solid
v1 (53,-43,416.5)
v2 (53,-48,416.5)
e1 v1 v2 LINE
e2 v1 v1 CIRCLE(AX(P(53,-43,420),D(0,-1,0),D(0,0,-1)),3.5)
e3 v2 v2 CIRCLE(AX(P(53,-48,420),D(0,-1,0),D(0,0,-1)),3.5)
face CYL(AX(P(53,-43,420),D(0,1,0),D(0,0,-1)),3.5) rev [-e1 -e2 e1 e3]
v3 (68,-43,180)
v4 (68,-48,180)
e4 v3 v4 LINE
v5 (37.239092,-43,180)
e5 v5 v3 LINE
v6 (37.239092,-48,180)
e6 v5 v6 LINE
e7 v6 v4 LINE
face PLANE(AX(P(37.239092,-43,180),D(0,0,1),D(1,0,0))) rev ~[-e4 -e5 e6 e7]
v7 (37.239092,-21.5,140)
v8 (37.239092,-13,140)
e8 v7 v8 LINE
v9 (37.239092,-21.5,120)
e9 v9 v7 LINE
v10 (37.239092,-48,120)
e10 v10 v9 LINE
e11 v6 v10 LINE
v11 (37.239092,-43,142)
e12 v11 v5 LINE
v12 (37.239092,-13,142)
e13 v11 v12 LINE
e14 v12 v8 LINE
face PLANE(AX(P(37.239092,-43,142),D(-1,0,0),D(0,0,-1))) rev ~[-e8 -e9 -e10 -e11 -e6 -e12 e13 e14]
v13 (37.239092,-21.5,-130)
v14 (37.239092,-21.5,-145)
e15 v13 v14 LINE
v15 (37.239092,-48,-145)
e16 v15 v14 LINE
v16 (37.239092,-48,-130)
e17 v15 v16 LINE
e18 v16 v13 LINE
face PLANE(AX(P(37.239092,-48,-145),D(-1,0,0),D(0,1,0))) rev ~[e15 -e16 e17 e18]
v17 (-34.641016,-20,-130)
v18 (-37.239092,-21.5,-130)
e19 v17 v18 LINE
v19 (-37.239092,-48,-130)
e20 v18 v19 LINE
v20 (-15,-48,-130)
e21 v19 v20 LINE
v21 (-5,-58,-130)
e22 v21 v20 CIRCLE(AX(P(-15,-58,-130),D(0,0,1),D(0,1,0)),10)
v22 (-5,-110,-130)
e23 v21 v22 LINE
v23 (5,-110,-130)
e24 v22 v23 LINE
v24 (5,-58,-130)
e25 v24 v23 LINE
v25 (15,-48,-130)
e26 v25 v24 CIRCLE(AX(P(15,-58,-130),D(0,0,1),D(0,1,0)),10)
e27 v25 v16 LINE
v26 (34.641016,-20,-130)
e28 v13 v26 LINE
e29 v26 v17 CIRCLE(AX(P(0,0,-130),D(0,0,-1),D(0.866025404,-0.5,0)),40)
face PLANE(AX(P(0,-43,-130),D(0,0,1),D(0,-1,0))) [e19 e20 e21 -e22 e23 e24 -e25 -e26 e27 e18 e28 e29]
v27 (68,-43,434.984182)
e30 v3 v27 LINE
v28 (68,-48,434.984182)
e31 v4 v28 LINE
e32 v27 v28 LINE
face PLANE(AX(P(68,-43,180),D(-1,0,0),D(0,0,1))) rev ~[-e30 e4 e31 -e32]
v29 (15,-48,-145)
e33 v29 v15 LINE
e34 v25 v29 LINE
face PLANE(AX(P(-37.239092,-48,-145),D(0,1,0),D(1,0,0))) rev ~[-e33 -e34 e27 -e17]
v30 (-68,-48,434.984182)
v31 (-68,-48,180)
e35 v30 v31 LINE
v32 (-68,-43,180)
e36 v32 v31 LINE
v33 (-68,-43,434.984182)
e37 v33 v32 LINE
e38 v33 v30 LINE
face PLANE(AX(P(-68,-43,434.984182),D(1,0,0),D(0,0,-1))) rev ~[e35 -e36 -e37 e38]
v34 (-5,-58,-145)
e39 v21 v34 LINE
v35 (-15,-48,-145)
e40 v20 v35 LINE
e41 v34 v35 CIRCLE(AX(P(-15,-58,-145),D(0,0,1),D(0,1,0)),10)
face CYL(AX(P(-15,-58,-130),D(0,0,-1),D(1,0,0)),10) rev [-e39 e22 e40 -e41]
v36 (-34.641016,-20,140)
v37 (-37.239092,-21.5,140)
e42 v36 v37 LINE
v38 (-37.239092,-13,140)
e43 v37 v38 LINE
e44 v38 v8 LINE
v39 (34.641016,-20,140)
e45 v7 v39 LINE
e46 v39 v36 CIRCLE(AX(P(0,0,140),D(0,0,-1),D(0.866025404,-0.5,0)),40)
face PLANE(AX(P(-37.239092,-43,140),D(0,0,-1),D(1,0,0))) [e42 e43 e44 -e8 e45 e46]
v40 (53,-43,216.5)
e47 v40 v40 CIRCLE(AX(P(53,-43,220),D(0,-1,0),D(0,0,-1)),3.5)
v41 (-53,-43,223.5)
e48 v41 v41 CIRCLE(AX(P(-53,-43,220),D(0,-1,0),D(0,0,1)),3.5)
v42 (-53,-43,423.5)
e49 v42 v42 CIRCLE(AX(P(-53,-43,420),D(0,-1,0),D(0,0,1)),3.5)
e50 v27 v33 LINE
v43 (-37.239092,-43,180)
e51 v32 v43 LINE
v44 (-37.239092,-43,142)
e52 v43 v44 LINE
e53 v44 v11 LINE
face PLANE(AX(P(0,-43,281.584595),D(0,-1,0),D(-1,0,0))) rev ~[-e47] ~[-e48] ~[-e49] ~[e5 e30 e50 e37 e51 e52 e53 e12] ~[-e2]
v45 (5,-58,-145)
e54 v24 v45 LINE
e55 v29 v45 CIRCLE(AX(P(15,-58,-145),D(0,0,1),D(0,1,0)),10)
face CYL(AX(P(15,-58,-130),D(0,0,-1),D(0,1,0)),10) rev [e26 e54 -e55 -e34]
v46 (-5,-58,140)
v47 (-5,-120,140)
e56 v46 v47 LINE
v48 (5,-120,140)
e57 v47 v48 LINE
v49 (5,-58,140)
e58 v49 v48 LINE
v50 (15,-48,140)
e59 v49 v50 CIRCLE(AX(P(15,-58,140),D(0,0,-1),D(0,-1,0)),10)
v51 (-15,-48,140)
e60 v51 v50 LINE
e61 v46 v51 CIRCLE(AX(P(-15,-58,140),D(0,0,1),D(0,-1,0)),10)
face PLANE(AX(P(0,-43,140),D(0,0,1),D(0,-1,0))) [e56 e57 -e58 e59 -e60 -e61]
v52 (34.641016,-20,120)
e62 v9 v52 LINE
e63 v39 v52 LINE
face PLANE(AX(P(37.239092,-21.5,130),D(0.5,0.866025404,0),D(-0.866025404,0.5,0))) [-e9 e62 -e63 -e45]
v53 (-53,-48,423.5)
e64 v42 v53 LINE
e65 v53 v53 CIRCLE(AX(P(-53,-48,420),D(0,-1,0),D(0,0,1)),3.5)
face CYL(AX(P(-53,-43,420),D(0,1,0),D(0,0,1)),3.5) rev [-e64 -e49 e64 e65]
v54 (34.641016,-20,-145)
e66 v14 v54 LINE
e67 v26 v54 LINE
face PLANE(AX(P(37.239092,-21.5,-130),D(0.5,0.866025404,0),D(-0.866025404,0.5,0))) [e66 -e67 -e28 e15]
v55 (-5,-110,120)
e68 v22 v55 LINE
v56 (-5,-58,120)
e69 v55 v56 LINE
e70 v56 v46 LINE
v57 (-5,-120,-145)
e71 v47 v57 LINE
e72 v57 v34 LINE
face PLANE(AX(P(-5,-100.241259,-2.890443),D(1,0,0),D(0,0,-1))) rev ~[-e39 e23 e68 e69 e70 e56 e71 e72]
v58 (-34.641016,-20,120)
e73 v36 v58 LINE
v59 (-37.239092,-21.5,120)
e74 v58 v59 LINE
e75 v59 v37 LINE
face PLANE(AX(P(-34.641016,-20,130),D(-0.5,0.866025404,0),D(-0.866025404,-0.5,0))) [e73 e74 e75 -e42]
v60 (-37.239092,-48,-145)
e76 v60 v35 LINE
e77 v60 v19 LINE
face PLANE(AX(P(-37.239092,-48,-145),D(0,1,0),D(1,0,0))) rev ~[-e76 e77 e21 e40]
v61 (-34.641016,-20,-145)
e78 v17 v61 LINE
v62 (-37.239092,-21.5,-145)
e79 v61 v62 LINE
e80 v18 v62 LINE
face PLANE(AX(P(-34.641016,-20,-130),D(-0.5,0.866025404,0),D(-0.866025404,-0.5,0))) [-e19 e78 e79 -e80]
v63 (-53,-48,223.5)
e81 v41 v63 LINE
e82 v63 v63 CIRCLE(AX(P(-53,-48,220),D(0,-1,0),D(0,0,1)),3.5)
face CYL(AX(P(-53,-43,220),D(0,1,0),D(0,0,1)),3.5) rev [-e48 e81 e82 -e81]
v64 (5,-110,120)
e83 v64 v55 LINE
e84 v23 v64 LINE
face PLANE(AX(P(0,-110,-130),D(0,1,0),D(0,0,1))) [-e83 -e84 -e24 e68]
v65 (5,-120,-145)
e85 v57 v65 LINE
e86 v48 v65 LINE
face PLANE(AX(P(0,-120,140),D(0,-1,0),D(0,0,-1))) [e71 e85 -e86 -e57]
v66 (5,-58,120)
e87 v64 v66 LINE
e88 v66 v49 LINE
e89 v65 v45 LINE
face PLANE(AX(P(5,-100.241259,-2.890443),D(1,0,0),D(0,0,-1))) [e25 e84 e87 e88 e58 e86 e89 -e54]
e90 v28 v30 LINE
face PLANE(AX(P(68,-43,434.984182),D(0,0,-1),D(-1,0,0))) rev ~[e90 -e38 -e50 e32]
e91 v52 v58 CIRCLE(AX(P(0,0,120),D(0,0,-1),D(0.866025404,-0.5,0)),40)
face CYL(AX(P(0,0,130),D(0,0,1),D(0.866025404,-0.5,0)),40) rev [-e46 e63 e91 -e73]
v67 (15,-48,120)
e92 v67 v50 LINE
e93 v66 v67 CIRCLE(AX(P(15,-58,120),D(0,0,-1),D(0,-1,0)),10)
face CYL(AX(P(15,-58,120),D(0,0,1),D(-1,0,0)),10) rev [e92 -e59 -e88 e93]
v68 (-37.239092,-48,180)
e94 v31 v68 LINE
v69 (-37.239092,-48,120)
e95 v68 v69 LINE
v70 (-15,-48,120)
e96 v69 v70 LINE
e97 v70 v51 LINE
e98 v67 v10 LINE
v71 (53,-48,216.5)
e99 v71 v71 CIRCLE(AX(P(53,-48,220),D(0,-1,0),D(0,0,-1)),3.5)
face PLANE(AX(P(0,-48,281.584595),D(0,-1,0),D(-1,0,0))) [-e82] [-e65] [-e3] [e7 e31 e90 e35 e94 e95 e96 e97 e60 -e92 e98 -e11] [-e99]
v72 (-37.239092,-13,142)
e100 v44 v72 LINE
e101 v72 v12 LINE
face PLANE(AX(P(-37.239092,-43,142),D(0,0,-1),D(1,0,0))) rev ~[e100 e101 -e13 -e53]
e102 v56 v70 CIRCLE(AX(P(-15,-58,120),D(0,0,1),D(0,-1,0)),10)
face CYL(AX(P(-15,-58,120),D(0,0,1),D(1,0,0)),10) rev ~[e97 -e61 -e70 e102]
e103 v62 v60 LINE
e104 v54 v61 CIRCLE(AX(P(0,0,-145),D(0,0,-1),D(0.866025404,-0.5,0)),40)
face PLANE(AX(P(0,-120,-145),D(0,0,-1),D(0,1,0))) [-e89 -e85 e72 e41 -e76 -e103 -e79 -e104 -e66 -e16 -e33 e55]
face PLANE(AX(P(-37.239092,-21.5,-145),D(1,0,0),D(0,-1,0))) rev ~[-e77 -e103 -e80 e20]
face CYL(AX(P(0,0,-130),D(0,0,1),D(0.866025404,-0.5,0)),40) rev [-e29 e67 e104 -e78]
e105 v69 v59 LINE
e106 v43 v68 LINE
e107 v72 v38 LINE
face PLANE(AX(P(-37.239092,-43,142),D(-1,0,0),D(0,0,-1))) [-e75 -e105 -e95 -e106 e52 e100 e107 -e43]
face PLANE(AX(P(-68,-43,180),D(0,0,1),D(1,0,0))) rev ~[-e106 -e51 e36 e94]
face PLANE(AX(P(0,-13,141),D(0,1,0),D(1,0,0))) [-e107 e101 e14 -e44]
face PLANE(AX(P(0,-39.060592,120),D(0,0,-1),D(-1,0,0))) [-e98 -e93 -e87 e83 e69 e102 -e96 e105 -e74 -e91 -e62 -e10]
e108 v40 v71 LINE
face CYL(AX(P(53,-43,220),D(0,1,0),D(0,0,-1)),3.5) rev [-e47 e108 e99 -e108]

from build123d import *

# Parameters (mm, degrees)
EXTRUDE_START    = 130
EXTRUDE_1_DEPTH  = 10
EXTRUDE_START_2  = -130
EXTRUDE_2_DEPTH  = 15
SKETCH_2_R       = 3.5
EXTRUDE_5_DEPTH  = 5
EXTRUDE_START_3  = -20
EXTRUDE_11_DEPTH = 20
EXTRUDE_15_DEPTH = 15
EXTRUDE_16_DEPTH = 5
FILLET_1_R       = 10
SKETCH_9_W       = 74.478184726
SKETCH_9_H       = 2
EXTRUDE_17_DEPTH = 30


with BuildPart() as part:
    # 草图1 → 凸台-拉伸1 (new, symmetric)
    with BuildSketch(Plane.XY.offset(EXTRUDE_START)):
        with BuildLine():
            Line((-34.641016151, -20), (-37.239092363, -21.5))
            ThreePointArc((-37.239092363, -21.5), (0, -43), (37.239092363, -21.5))
            Line((37.239092363, -21.5), (34.641016151, -20))
            ThreePointArc((34.641016151, -20), (0, -40), (-34.641016151, -20))
        make_face()
    extrude(amount=EXTRUDE_1_DEPTH, both=True)



with BuildPart() as body_2:
    # 草图1<2> → 凸台-拉伸2 (new body)
    with BuildSketch(Plane.XY.offset(EXTRUDE_START_2)):
        with BuildLine():
            Line((-34.641016151, -20), (-37.239092363, -21.5))
            ThreePointArc((-37.239092363, -21.5), (0, -43), (37.239092363, -21.5))
            Line((37.239092363, -21.5), (34.641016151, -20))
            ThreePointArc((34.641016151, -20), (0, -40), (-34.641016151, -20))
        make_face()
    extrude(amount=-EXTRUDE_2_DEPTH)

    # 草图7 → 凸台-拉伸15 (add)
    with BuildSketch(Plane(origin=(0, 0, -145), x_dir=(-1, 0, 0), z_dir=(0, 0, -1))):
        with BuildLine():
            Line((37.239092363, -21.5), (37.239092363, -48))
            Line((37.239092363, -48), (-37.239092363, -48))
            Line((-37.239092363, -48), (-37.239092363, -21.5))
            ThreePointArc((-37.239092363, -21.5), (0, -43), (37.239092363, -21.5))
        make_face()
    extrude(amount=-EXTRUDE_15_DEPTH)


with BuildPart() as body_3:
    # 草图2 → 凸台-拉伸5 (new body)
    with BuildSketch(Plane(origin=(0, -43, 0), x_dir=(-1, 0, 0), z_dir=(0, -1, 0))):
        Polygon((-37.239092363, -180), (-68, -180), (-68, -434.984182396), (68, -434.984182396), (68, -180), (37.239092363, -180), (37.239092363, -120), (-37.239092363, -120), align=None)
        with Locations(Location((-53, -220, 0), (0, 0, 90))):
            Circle(SKETCH_2_R, mode=Mode.SUBTRACT)
        with Locations(Location((-53, -420, 0), (0, 0, 90))):
            Circle(SKETCH_2_R, mode=Mode.SUBTRACT)
        with Locations(Location((53, -420, 0), (0, 0, 270))):
            Circle(SKETCH_2_R, mode=Mode.SUBTRACT)
        with Locations(Location((53, -220, 0), (0, 0, 270))):
            Circle(SKETCH_2_R, mode=Mode.SUBTRACT)
    extrude(amount=EXTRUDE_5_DEPTH)


with BuildPart() as part_1:
    add(part.part)

    add(body_3.part)  # 凸台-拉伸11 merges body 3
    # 草图5 → 凸台-拉伸11 (add)
    with BuildSketch(Plane(origin=(0, 0, 120), x_dir=(-1, 0, 0), z_dir=(0, 0, -1)).offset(EXTRUDE_START_3)):
        with BuildLine():
            Line((-37.239092363, -21.5), (-37.239092363, -48))
            Line((-37.239092363, -48), (37.239092363, -48))
            Line((37.239092363, -48), (37.239092363, -21.5))
            ThreePointArc((37.239092363, -21.5), (0, -43), (-37.239092363, -21.5))
        make_face()
    extrude(amount=EXTRUDE_11_DEPTH)


    add(body_2.part)  # 凸台-拉伸16 merges body 2
    # 草图8 → 凸台-拉伸16 (add, symmetric)
    with BuildSketch(Plane(origin=(0, 0, 0), x_dir=(0, 0, -1), z_dir=(1, 0, 0))):
        Polygon((-140, -43), (-140, -120), (145, -120), (145, -43), (130, -43), (130, -48), (130, -110), (-120, -110), (-120, -48), (-120, -43), align=None)
    extrude(amount=EXTRUDE_16_DEPTH, both=True)

    # 圆角1
    fillet_1_edges = [part_1.edges().sort_by_distance(p)[0] for p in [
        (-5, -48, 130),
        (5, -48, 130),
        (-5, -48, -137.5),
        (5, -48, -137.5),
    ]]
    fillet(fillet_1_edges, radius=FILLET_1_R)

    # 草图9 → 凸台-拉伸17 (add)
    with BuildSketch(Plane(origin=(0, -43, 0), x_dir=(1, 0, 0), z_dir=(0, 1, 0))):
        with Locations((0, -141)):
            Rectangle(SKETCH_9_W, SKETCH_9_H)
    extrude(amount=EXTRUDE_17_DEPTH)


solid = part_1.part
